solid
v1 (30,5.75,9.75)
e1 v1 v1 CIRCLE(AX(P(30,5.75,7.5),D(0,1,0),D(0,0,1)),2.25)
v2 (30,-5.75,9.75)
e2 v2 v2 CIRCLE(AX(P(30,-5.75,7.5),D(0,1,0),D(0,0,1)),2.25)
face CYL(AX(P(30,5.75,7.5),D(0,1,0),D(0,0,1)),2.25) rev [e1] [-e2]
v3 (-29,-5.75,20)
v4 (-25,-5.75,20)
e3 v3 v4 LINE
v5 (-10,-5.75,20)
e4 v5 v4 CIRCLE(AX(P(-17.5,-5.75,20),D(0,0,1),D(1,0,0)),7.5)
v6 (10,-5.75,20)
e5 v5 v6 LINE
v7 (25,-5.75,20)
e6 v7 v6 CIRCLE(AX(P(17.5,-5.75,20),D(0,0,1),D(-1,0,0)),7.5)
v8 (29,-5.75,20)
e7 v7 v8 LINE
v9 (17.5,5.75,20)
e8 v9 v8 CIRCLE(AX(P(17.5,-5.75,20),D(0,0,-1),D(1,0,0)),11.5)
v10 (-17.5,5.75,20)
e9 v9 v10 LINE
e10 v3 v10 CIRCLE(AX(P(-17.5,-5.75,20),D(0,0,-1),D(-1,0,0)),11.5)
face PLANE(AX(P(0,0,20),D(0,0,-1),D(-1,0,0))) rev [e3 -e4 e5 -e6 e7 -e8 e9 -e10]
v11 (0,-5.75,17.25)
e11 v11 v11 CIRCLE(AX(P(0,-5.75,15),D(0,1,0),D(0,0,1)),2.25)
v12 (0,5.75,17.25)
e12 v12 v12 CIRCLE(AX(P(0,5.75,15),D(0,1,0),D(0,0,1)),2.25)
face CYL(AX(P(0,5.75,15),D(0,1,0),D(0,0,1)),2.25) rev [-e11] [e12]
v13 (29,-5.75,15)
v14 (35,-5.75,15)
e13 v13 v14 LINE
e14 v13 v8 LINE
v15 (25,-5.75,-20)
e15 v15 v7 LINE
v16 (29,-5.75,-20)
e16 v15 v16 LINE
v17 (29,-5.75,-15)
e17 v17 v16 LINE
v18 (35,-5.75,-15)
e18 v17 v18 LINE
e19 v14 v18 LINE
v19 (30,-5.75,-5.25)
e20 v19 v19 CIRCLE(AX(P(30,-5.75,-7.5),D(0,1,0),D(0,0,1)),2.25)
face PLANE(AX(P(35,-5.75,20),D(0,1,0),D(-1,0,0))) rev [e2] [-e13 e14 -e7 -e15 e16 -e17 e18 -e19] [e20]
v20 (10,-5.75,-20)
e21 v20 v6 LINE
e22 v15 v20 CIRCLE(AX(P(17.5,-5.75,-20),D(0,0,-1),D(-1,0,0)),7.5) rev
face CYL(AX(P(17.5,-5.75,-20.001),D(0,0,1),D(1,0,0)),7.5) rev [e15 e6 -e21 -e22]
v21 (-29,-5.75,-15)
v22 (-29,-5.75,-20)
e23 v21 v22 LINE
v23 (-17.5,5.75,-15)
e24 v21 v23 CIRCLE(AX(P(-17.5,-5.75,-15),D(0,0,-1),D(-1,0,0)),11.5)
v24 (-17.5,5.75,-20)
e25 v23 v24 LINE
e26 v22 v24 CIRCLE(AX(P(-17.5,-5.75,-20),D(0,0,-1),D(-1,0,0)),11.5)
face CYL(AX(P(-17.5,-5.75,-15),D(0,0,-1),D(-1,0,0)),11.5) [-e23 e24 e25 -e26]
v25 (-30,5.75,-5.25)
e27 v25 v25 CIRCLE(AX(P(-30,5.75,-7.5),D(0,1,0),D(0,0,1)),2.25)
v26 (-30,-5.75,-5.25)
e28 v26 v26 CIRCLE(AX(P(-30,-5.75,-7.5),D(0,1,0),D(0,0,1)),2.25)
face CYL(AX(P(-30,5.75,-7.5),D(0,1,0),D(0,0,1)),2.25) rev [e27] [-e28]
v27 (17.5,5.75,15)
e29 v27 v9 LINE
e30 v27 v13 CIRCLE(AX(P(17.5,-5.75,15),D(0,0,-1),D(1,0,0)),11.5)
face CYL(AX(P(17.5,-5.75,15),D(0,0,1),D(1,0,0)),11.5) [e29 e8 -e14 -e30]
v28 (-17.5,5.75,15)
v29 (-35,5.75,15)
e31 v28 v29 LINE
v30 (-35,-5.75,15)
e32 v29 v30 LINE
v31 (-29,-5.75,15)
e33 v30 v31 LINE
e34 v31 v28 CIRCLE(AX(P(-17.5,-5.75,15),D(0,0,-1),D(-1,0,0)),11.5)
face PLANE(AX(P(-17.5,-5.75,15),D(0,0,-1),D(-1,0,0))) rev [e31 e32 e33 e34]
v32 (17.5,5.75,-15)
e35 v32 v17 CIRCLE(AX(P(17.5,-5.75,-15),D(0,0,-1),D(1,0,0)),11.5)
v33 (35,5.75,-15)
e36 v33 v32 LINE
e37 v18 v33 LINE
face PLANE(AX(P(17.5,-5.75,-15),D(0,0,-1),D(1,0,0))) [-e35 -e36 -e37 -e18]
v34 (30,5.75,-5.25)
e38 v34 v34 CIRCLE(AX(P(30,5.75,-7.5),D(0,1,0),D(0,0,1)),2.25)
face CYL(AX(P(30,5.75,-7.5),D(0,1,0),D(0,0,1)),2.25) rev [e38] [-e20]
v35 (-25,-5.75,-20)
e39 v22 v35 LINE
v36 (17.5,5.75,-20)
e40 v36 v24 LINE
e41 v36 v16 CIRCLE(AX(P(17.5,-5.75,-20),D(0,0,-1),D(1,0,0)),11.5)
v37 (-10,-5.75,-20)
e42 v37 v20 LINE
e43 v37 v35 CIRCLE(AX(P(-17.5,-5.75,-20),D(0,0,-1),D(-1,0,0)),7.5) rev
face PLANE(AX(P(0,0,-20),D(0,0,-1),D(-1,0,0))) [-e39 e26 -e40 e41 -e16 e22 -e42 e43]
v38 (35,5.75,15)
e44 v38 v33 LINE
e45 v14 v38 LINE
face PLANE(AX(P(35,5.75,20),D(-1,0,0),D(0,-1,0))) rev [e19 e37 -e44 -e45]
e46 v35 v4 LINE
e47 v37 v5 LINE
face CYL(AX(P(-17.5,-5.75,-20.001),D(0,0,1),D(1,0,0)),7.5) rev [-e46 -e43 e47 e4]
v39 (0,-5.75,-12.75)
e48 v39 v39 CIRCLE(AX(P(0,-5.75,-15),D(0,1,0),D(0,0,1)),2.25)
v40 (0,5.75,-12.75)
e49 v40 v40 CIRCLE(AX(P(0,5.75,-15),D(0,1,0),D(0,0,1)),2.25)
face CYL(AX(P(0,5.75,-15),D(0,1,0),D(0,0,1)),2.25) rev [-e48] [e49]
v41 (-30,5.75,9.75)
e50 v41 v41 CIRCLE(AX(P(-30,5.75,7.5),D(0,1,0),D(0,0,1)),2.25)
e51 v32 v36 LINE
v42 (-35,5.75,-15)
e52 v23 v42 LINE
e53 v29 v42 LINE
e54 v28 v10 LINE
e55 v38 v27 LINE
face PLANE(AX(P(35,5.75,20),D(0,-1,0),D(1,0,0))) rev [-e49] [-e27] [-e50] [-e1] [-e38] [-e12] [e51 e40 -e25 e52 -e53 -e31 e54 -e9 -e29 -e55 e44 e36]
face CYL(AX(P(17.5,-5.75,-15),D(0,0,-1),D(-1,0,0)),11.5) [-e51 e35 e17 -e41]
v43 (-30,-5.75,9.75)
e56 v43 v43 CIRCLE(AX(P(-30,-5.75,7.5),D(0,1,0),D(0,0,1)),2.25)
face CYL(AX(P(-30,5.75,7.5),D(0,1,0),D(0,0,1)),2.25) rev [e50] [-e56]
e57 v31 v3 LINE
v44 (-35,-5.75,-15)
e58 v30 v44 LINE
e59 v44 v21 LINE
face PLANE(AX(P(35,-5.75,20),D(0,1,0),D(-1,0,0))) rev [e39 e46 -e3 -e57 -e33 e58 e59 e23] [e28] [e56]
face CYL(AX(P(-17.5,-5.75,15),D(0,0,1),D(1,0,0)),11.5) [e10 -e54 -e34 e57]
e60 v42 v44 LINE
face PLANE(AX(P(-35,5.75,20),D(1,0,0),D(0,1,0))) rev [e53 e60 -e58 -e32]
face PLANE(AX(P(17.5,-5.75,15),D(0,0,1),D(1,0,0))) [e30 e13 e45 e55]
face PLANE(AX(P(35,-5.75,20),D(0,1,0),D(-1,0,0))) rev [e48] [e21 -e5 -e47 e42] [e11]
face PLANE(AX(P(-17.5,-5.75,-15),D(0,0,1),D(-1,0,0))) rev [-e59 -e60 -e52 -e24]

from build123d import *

# Parameters (mm, degrees)
SKETCH1_W            = 70
SKETCH1_H            = 11.5
BOSS_EXTRUDE1_DEPTH  = 20
CUT_EXTRUDE1_REACH   = 55.461
CUT_EXTRUDE2_DEPTH   = 5
HOLE1_D              = 4.5
LPATTERN1_COUNT      = 2
LPATTERN1_PITCH      = 60
LPATTERN1_COUNT_DIR2 = 2
LPATTERN1_PITCH_DIR2 = 15
HOLE2_D              = 4.5


with BuildPart() as part:
    # Sketch1 → Boss-Extrude1 (new, symmetric)
    with BuildSketch(Plane.XY):
        Rectangle(SKETCH1_W, SKETCH1_H)
    extrude(amount=BOSS_EXTRUDE1_DEPTH, both=True)

    # Sketch2 → Cut-Extrude1 (cut, up to next)
    with BuildSketch(Plane.XY.offset(20), mode=Mode.PRIVATE) as cut_extrude1_sk1:
        with BuildLine():
            Line((-25, -5.75), (-10, -5.75))
            ThreePointArc((-10, -5.75), (-17.5, 1.75), (-25, -5.75))
        make_face()
    cut_extrude1_tool1 = extrude(cut_extrude1_sk1.sketch, amount=-CUT_EXTRUDE1_REACH, mode=Mode.PRIVATE) & part.part
    # Sketch2 → Cut-Extrude1 (cut, up to next)
    with BuildSketch(Plane.XY.offset(20), mode=Mode.PRIVATE) as cut_extrude1_sk2:
        with BuildLine():
            Line((10, -5.75), (25, -5.75))
            ThreePointArc((25, -5.75), (17.5, 1.75), (10, -5.75))
        make_face()
    cut_extrude1_tool2 = extrude(cut_extrude1_sk2.sketch, amount=-CUT_EXTRUDE1_REACH, mode=Mode.PRIVATE) & part.part
    add(cut_extrude1_tool1.solids().sort_by_distance((-17.5, -2.566901, 20))[0], mode=Mode.SUBTRACT)
    add(cut_extrude1_tool2.solids().sort_by_distance((17.5, -2.566901, 20))[0], mode=Mode.SUBTRACT)

    # Sketch3 → Cut-Extrude2 (cut)
    with BuildSketch(Plane.XY.offset(20)):
        with BuildLine():
            Line((-35, 5.75), (-35, -5.75))
            Line((-35, -5.75), (-29, -5.75))
            ThreePointArc((-29, -5.75), (-25.631727984, 2.381727984), (-17.5, 5.75))
            Line((-17.5, 5.75), (-35, 5.75))
        make_face()
        with BuildLine():
            Line((29, -5.75), (35, -5.75))
            Line((35, -5.75), (35, 5.75))
            Line((35, 5.75), (17.5, 5.75))
            ThreePointArc((17.5, 5.75), (25.631727984, 2.381727984), (29, -5.75))
        make_face()
    cut_extrude2 = extrude(amount=-CUT_EXTRUDE2_DEPTH, mode=Mode.SUBTRACT)

    # Mirror1: Cut-Extrude2 across plane
    add(cut_extrude2.mirror(Plane.XY), mode=Mode.SUBTRACT)

    # Hole1 (through all)
    with Locations(Plane(origin=(0, 5.75, 0), x_dir=(1, 0, 0), z_dir=(0, 1, 0))):
        with Locations((30, -7.5)):
            hole1 = Hole(HOLE1_D / 2)

    # LPattern1: Hole1 2 × 2
    with Locations(*[(-i * LPATTERN1_PITCH, 0, -j * LPATTERN1_PITCH_DIR2) for i in range(LPATTERN1_COUNT) for j in range(LPATTERN1_COUNT_DIR2) if (i, j) != (0, 0)]):
        add(hole1, mode=Mode.SUBTRACT)

    # Hole2 (through all)
    with Locations(Plane(origin=(0, 5.75, 0), x_dir=(1, 0, 0), z_dir=(0, 1, 0))):
        with Locations((0, -15)):
            hole2 = Hole(HOLE2_D / 2)

    # Mirror2: Hole2 across plane
    add(hole2.mirror(Plane.XY), mode=Mode.SUBTRACT)


solid = part.part
